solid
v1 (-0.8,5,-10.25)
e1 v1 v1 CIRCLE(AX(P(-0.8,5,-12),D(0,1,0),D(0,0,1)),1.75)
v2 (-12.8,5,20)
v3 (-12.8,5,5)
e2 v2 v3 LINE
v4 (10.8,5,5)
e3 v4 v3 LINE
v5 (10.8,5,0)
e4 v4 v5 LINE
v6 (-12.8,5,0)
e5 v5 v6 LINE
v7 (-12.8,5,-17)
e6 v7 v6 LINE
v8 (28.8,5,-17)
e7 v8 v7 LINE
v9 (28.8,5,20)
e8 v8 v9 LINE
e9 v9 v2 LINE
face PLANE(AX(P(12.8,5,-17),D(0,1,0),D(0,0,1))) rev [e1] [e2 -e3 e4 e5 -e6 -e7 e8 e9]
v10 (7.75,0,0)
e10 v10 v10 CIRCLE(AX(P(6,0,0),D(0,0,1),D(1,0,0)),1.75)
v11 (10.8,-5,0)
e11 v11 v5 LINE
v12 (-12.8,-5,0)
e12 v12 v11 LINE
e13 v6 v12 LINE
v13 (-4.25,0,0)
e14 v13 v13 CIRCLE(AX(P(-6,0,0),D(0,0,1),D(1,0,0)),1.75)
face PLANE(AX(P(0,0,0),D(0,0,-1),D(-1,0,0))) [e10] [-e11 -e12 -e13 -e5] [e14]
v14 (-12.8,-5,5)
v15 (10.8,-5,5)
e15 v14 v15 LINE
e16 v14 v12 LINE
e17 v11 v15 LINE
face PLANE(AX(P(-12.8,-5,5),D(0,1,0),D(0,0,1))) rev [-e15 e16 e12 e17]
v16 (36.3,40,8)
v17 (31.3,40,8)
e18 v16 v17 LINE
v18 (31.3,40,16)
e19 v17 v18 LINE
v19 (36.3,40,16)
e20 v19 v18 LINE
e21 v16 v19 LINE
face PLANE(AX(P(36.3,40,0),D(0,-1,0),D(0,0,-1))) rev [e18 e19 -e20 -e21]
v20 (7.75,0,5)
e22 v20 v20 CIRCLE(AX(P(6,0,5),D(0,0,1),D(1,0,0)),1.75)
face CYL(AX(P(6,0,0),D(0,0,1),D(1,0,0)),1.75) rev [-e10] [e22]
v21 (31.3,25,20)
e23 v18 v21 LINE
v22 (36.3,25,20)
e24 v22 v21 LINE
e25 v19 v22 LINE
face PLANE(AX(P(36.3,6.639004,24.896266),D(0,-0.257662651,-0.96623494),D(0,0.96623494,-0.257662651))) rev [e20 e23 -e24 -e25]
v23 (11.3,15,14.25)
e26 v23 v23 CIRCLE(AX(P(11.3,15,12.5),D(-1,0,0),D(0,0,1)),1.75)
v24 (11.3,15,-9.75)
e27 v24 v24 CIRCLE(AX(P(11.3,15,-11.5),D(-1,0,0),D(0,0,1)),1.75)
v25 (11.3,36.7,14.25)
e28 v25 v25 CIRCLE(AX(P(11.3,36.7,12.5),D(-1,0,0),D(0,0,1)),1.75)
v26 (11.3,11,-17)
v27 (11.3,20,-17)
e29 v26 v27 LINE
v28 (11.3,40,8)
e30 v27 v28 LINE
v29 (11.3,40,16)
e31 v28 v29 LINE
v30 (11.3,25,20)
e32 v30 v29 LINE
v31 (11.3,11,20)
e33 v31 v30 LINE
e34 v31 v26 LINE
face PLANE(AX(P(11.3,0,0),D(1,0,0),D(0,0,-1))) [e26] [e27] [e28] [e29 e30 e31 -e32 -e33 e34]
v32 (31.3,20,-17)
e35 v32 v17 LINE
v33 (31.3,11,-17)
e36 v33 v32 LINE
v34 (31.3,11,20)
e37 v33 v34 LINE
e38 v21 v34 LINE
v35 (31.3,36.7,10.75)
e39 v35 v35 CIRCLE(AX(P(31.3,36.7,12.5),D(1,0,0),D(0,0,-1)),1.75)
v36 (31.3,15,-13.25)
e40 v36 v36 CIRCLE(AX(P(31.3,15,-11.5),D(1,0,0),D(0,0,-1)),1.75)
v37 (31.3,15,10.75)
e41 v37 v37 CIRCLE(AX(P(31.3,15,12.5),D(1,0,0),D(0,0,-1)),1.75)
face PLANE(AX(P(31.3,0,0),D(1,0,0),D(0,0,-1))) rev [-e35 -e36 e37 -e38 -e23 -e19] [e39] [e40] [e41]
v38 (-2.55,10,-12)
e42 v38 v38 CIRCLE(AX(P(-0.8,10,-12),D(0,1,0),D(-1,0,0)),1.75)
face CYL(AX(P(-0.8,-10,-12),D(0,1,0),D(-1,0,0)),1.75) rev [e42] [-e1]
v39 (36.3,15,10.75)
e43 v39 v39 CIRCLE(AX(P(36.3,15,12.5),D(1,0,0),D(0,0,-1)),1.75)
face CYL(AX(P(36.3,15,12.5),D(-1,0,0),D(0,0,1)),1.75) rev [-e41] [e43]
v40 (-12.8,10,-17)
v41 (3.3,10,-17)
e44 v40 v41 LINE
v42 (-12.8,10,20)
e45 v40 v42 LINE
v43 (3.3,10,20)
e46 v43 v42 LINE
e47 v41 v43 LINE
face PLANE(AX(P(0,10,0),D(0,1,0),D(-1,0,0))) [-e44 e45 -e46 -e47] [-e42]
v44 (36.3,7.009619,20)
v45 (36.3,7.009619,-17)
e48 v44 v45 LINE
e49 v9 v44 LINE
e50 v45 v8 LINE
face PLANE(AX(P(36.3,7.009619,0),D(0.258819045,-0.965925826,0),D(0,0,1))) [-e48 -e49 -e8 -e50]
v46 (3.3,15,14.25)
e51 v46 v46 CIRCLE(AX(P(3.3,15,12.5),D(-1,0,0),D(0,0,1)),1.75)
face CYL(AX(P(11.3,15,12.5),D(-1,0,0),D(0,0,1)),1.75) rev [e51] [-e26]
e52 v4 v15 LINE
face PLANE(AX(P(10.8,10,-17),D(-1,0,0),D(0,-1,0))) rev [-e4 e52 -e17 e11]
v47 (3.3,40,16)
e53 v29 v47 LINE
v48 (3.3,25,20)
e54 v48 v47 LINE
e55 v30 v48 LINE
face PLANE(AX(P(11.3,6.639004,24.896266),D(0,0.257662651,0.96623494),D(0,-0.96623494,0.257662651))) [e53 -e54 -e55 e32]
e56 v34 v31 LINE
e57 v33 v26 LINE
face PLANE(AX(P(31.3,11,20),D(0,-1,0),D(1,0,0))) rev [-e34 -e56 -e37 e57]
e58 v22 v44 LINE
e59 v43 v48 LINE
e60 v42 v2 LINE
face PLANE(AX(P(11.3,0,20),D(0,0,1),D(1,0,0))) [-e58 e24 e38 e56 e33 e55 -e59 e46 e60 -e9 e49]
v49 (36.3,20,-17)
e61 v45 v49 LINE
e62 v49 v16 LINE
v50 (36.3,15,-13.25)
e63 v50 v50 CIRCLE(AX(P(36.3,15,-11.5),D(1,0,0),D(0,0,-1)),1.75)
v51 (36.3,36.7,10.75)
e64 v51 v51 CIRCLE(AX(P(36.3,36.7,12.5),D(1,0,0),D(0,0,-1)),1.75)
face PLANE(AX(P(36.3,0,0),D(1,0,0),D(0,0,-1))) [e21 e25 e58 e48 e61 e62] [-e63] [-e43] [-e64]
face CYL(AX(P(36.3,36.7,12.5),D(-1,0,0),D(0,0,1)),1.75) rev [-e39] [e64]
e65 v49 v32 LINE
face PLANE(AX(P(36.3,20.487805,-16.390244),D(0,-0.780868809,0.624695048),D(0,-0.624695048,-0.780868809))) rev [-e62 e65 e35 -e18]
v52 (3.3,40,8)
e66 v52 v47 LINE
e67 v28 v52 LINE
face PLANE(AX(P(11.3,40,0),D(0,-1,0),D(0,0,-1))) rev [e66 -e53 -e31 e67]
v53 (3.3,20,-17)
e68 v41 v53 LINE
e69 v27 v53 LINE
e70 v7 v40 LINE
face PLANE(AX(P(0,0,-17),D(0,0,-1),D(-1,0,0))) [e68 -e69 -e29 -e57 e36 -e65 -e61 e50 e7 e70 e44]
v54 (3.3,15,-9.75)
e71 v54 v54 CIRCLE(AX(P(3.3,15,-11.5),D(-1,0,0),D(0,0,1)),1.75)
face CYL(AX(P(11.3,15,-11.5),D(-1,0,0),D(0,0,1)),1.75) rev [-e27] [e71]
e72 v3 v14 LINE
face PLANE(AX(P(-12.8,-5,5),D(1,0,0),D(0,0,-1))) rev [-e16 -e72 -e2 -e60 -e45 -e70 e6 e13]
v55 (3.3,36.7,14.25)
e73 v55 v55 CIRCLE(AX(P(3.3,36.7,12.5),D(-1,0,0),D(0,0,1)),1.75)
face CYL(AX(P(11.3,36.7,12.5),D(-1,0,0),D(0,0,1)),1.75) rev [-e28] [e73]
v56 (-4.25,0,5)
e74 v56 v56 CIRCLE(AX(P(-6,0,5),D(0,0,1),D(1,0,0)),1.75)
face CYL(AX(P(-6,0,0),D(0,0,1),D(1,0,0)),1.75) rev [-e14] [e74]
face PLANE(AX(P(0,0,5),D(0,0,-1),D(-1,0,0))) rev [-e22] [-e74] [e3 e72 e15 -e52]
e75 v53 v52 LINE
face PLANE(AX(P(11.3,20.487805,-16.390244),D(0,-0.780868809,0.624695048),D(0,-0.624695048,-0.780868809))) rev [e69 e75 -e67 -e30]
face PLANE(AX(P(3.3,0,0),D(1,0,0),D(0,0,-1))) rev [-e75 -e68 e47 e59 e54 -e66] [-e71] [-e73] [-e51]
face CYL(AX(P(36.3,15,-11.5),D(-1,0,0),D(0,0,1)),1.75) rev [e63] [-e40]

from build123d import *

# Parameters (mm, degrees)
SZKIC1_W                         = 25.6
SZKIC1_H                         = 10
DODANIE_WYCI_GNI_CIE1_DEPTH      = 5
SZKIC2_R                         = 1.75
WYTNIJ_WYCI_GNI_CIE1_DEPTH       = 5
SZKIC3_W                         = 25.6
SZKIC3_H                         = 5
DODANIE_WYCI_GNI_CIE2_DEPTH      = 5
SZKIC4_W                         = 25.6
SZKIC4_H                         = 5
DODANIE_WYCI_GNI_CIE3_DEPTH      = 17
SZKIC5_R                         = 1.75
WYTNIJ_WYCI_GNI_CIE2_DEPTH       = 20
SZKIC6_W                         = 2
SZKIC6_H                         = 15
WYTNIJ_WYCI_GNI_CIE3_DEPTH       = 28.346663416
DODANIE_WYCI_GNI_CIE4_DEPTH      = 0.5
DODANIE_WYCI_GNI_CIE4_DEPTH_BACK = 7.5
SZKIC8_R                         = 1.75
WYTNIJ_WYCI_GNI_CIE4_DEPTH       = 48.531147682
SZKIC9_W                         = 37
SZKIC9_H                         = 6
DODANIE_WYCI_GNI_CIE5_DEPTH      = 20.5
SZKIC10_W                        = 37
SZKIC10_H                        = 6
SZKIC10_R                        = 1.75
DODANIE_WYCI_GNI_CIE6_DEPTH      = 5
SZKIC11_W                        = 16.1
SZKIC11_H                        = 5
DODANIE_WYCI_GNI_CIE7_DEPTH      = 15
SFAZOWANIE2_SIZE                 = 7.5
SFAZOWANIE2_SIZE2                = 2.009618943


with BuildPart() as part:
    # Szkic1 → Dodanie-wyciągnięcie1 (new body)
    with BuildSketch(Plane.XY):
        Rectangle(SZKIC1_W, SZKIC1_H)
    extrude(amount=DODANIE_WYCI_GNI_CIE1_DEPTH)

    # Szkic2 → Wytnij-wyciągnięcie1 (cut)
    with BuildSketch(Plane.XY.offset(5)):
        with Locations((-6, 0)):
            Circle(SZKIC2_R)
        with Locations((6, 0)):
            Circle(SZKIC2_R)
    extrude(amount=-WYTNIJ_WYCI_GNI_CIE1_DEPTH, mode=Mode.SUBTRACT)

    # Szkic3 → Dodanie-wyciągnięcie2 (add)
    with BuildSketch(Plane(origin=(0, 5, 0), x_dir=(1, 0, 0), z_dir=(0, 1, 0))):
        with Locations((0, -2.5)):
            Rectangle(SZKIC3_W, SZKIC3_H)
    extrude(amount=DODANIE_WYCI_GNI_CIE2_DEPTH)

    # Szkic4 → Dodanie-wyciągnięcie3 (add)
    with BuildSketch(Plane(origin=(0, 0, 0), x_dir=(-1, 0, 0), z_dir=(0, 0, -1))):
        with Locations((0, 7.5)):
            Rectangle(SZKIC4_W, SZKIC4_H)
    extrude(amount=DODANIE_WYCI_GNI_CIE3_DEPTH)

    # Szkic5 → Wytnij-wyciągnięcie2 (cut)
    with BuildSketch(Plane(origin=(0, 10, 0), x_dir=(1, 0, 0), z_dir=(0, 1, 0))):
        with Locations(Location((-0.8, 12, 0), (0, 0, 180))):
            Circle(SZKIC5_R)
    extrude(amount=-WYTNIJ_WYCI_GNI_CIE2_DEPTH, mode=Mode.SUBTRACT)

    # Szkic6 → Wytnij-wyciągnięcie3 (cut, through all)
    with BuildSketch(Plane.XY.offset(5)):
        with Locations((11.8, 2.5)):
            Rectangle(SZKIC6_W, SZKIC6_H)
    extrude(amount=-WYTNIJ_WYCI_GNI_CIE3_DEPTH, mode=Mode.SUBTRACT)

    # Szkic7 → Dodanie-wyciągnięcie4 (add, two sides: drawn at the far end of the back side and taken through both)
    with BuildSketch(Plane(origin=(10.8, 0, 0), x_dir=(0, 0, -1), z_dir=(1, 0, 0)).offset(-DODANIE_WYCI_GNI_CIE4_DEPTH_BACK)):
        Polygon((-5, 10), (17, 10), (17, 20), (-8, 40), (-16, 40), (-20, 25), (-20, 5), (-5, 5), align=None)
    extrude(amount=DODANIE_WYCI_GNI_CIE4_DEPTH + DODANIE_WYCI_GNI_CIE4_DEPTH_BACK)

    # Szkic8 → Wytnij-wyciągnięcie4 (cut, through all)
    with BuildSketch(Plane.ZY.offset(-3.3)):
        with Locations((12.5, 15)):
            Circle(SZKIC8_R)
        with Locations((12.5, 36.7)):
            Circle(SZKIC8_R)
        with Locations((-11.5, 15)):
            Circle(SZKIC8_R)
    extrude(amount=-WYTNIJ_WYCI_GNI_CIE4_DEPTH, mode=Mode.SUBTRACT)

    # Szkic9 → Dodanie-wyciągnięcie5 (add)
    with BuildSketch(Plane(origin=(10.8, 0, 0), x_dir=(0, 0, -1), z_dir=(1, 0, 0))):
        with Locations((-1.5, 8)):
            Rectangle(SZKIC9_W, SZKIC9_H)
    extrude(amount=DODANIE_WYCI_GNI_CIE5_DEPTH)

    # Szkic10 → Dodanie-wyciągnięcie6 (add)
    # profile 1 of 2: a face of its own
    with BuildSketch(Plane(origin=(31.3, 0, 0), x_dir=(0, 0, -1), z_dir=(1, 0, 0))):
        with Locations((-1.5, 8)):
            Rectangle(SZKIC10_W, SZKIC10_H)
    # profile 2 of 2: a face of its own
    with BuildSketch(Plane(origin=(31.3, 0, 0), x_dir=(0, 0, -1), z_dir=(1, 0, 0))):
        Polygon((-8, 40), (-16, 40), (-20, 25), (-20, 11), (17, 11), (17, 20), align=None)
        with Locations(Location((-12.5, 15, 0), (0, 0, 180))):
            Circle(SZKIC10_R, mode=Mode.SUBTRACT)
        with Locations(Location((-12.5, 36.7, 0), (0, 0, 180))):
            Circle(SZKIC10_R, mode=Mode.SUBTRACT)
        with Locations(Location((11.5, 15, 0), (0, 0, 180))):
            Circle(SZKIC10_R, mode=Mode.SUBTRACT)
    extrude(amount=DODANIE_WYCI_GNI_CIE6_DEPTH)

    # Szkic11 → Dodanie-wyciągnięcie7 (add)
    with BuildSketch(Plane.XY.offset(5)):
        with Locations((-4.75, 7.5)):
            Rectangle(SZKIC11_W, SZKIC11_H)
    extrude(amount=DODANIE_WYCI_GNI_CIE7_DEPTH)

    # Sfazowanie2
    sfazowanie2_edges = [part.edges().sort_by_distance(p)[0] for p in [
        (36.3, 5, 1.5),
    ]]
    sfazowanie2_side = [part.faces().sort_by_distance(p)[0] for p in [
        (12.712207968, 5, 1.507036511),
    ]]
    chamfer(sfazowanie2_edges, length=SFAZOWANIE2_SIZE, length2=SFAZOWANIE2_SIZE2, reference=sfazowanie2_side[0])


solid = part.part
